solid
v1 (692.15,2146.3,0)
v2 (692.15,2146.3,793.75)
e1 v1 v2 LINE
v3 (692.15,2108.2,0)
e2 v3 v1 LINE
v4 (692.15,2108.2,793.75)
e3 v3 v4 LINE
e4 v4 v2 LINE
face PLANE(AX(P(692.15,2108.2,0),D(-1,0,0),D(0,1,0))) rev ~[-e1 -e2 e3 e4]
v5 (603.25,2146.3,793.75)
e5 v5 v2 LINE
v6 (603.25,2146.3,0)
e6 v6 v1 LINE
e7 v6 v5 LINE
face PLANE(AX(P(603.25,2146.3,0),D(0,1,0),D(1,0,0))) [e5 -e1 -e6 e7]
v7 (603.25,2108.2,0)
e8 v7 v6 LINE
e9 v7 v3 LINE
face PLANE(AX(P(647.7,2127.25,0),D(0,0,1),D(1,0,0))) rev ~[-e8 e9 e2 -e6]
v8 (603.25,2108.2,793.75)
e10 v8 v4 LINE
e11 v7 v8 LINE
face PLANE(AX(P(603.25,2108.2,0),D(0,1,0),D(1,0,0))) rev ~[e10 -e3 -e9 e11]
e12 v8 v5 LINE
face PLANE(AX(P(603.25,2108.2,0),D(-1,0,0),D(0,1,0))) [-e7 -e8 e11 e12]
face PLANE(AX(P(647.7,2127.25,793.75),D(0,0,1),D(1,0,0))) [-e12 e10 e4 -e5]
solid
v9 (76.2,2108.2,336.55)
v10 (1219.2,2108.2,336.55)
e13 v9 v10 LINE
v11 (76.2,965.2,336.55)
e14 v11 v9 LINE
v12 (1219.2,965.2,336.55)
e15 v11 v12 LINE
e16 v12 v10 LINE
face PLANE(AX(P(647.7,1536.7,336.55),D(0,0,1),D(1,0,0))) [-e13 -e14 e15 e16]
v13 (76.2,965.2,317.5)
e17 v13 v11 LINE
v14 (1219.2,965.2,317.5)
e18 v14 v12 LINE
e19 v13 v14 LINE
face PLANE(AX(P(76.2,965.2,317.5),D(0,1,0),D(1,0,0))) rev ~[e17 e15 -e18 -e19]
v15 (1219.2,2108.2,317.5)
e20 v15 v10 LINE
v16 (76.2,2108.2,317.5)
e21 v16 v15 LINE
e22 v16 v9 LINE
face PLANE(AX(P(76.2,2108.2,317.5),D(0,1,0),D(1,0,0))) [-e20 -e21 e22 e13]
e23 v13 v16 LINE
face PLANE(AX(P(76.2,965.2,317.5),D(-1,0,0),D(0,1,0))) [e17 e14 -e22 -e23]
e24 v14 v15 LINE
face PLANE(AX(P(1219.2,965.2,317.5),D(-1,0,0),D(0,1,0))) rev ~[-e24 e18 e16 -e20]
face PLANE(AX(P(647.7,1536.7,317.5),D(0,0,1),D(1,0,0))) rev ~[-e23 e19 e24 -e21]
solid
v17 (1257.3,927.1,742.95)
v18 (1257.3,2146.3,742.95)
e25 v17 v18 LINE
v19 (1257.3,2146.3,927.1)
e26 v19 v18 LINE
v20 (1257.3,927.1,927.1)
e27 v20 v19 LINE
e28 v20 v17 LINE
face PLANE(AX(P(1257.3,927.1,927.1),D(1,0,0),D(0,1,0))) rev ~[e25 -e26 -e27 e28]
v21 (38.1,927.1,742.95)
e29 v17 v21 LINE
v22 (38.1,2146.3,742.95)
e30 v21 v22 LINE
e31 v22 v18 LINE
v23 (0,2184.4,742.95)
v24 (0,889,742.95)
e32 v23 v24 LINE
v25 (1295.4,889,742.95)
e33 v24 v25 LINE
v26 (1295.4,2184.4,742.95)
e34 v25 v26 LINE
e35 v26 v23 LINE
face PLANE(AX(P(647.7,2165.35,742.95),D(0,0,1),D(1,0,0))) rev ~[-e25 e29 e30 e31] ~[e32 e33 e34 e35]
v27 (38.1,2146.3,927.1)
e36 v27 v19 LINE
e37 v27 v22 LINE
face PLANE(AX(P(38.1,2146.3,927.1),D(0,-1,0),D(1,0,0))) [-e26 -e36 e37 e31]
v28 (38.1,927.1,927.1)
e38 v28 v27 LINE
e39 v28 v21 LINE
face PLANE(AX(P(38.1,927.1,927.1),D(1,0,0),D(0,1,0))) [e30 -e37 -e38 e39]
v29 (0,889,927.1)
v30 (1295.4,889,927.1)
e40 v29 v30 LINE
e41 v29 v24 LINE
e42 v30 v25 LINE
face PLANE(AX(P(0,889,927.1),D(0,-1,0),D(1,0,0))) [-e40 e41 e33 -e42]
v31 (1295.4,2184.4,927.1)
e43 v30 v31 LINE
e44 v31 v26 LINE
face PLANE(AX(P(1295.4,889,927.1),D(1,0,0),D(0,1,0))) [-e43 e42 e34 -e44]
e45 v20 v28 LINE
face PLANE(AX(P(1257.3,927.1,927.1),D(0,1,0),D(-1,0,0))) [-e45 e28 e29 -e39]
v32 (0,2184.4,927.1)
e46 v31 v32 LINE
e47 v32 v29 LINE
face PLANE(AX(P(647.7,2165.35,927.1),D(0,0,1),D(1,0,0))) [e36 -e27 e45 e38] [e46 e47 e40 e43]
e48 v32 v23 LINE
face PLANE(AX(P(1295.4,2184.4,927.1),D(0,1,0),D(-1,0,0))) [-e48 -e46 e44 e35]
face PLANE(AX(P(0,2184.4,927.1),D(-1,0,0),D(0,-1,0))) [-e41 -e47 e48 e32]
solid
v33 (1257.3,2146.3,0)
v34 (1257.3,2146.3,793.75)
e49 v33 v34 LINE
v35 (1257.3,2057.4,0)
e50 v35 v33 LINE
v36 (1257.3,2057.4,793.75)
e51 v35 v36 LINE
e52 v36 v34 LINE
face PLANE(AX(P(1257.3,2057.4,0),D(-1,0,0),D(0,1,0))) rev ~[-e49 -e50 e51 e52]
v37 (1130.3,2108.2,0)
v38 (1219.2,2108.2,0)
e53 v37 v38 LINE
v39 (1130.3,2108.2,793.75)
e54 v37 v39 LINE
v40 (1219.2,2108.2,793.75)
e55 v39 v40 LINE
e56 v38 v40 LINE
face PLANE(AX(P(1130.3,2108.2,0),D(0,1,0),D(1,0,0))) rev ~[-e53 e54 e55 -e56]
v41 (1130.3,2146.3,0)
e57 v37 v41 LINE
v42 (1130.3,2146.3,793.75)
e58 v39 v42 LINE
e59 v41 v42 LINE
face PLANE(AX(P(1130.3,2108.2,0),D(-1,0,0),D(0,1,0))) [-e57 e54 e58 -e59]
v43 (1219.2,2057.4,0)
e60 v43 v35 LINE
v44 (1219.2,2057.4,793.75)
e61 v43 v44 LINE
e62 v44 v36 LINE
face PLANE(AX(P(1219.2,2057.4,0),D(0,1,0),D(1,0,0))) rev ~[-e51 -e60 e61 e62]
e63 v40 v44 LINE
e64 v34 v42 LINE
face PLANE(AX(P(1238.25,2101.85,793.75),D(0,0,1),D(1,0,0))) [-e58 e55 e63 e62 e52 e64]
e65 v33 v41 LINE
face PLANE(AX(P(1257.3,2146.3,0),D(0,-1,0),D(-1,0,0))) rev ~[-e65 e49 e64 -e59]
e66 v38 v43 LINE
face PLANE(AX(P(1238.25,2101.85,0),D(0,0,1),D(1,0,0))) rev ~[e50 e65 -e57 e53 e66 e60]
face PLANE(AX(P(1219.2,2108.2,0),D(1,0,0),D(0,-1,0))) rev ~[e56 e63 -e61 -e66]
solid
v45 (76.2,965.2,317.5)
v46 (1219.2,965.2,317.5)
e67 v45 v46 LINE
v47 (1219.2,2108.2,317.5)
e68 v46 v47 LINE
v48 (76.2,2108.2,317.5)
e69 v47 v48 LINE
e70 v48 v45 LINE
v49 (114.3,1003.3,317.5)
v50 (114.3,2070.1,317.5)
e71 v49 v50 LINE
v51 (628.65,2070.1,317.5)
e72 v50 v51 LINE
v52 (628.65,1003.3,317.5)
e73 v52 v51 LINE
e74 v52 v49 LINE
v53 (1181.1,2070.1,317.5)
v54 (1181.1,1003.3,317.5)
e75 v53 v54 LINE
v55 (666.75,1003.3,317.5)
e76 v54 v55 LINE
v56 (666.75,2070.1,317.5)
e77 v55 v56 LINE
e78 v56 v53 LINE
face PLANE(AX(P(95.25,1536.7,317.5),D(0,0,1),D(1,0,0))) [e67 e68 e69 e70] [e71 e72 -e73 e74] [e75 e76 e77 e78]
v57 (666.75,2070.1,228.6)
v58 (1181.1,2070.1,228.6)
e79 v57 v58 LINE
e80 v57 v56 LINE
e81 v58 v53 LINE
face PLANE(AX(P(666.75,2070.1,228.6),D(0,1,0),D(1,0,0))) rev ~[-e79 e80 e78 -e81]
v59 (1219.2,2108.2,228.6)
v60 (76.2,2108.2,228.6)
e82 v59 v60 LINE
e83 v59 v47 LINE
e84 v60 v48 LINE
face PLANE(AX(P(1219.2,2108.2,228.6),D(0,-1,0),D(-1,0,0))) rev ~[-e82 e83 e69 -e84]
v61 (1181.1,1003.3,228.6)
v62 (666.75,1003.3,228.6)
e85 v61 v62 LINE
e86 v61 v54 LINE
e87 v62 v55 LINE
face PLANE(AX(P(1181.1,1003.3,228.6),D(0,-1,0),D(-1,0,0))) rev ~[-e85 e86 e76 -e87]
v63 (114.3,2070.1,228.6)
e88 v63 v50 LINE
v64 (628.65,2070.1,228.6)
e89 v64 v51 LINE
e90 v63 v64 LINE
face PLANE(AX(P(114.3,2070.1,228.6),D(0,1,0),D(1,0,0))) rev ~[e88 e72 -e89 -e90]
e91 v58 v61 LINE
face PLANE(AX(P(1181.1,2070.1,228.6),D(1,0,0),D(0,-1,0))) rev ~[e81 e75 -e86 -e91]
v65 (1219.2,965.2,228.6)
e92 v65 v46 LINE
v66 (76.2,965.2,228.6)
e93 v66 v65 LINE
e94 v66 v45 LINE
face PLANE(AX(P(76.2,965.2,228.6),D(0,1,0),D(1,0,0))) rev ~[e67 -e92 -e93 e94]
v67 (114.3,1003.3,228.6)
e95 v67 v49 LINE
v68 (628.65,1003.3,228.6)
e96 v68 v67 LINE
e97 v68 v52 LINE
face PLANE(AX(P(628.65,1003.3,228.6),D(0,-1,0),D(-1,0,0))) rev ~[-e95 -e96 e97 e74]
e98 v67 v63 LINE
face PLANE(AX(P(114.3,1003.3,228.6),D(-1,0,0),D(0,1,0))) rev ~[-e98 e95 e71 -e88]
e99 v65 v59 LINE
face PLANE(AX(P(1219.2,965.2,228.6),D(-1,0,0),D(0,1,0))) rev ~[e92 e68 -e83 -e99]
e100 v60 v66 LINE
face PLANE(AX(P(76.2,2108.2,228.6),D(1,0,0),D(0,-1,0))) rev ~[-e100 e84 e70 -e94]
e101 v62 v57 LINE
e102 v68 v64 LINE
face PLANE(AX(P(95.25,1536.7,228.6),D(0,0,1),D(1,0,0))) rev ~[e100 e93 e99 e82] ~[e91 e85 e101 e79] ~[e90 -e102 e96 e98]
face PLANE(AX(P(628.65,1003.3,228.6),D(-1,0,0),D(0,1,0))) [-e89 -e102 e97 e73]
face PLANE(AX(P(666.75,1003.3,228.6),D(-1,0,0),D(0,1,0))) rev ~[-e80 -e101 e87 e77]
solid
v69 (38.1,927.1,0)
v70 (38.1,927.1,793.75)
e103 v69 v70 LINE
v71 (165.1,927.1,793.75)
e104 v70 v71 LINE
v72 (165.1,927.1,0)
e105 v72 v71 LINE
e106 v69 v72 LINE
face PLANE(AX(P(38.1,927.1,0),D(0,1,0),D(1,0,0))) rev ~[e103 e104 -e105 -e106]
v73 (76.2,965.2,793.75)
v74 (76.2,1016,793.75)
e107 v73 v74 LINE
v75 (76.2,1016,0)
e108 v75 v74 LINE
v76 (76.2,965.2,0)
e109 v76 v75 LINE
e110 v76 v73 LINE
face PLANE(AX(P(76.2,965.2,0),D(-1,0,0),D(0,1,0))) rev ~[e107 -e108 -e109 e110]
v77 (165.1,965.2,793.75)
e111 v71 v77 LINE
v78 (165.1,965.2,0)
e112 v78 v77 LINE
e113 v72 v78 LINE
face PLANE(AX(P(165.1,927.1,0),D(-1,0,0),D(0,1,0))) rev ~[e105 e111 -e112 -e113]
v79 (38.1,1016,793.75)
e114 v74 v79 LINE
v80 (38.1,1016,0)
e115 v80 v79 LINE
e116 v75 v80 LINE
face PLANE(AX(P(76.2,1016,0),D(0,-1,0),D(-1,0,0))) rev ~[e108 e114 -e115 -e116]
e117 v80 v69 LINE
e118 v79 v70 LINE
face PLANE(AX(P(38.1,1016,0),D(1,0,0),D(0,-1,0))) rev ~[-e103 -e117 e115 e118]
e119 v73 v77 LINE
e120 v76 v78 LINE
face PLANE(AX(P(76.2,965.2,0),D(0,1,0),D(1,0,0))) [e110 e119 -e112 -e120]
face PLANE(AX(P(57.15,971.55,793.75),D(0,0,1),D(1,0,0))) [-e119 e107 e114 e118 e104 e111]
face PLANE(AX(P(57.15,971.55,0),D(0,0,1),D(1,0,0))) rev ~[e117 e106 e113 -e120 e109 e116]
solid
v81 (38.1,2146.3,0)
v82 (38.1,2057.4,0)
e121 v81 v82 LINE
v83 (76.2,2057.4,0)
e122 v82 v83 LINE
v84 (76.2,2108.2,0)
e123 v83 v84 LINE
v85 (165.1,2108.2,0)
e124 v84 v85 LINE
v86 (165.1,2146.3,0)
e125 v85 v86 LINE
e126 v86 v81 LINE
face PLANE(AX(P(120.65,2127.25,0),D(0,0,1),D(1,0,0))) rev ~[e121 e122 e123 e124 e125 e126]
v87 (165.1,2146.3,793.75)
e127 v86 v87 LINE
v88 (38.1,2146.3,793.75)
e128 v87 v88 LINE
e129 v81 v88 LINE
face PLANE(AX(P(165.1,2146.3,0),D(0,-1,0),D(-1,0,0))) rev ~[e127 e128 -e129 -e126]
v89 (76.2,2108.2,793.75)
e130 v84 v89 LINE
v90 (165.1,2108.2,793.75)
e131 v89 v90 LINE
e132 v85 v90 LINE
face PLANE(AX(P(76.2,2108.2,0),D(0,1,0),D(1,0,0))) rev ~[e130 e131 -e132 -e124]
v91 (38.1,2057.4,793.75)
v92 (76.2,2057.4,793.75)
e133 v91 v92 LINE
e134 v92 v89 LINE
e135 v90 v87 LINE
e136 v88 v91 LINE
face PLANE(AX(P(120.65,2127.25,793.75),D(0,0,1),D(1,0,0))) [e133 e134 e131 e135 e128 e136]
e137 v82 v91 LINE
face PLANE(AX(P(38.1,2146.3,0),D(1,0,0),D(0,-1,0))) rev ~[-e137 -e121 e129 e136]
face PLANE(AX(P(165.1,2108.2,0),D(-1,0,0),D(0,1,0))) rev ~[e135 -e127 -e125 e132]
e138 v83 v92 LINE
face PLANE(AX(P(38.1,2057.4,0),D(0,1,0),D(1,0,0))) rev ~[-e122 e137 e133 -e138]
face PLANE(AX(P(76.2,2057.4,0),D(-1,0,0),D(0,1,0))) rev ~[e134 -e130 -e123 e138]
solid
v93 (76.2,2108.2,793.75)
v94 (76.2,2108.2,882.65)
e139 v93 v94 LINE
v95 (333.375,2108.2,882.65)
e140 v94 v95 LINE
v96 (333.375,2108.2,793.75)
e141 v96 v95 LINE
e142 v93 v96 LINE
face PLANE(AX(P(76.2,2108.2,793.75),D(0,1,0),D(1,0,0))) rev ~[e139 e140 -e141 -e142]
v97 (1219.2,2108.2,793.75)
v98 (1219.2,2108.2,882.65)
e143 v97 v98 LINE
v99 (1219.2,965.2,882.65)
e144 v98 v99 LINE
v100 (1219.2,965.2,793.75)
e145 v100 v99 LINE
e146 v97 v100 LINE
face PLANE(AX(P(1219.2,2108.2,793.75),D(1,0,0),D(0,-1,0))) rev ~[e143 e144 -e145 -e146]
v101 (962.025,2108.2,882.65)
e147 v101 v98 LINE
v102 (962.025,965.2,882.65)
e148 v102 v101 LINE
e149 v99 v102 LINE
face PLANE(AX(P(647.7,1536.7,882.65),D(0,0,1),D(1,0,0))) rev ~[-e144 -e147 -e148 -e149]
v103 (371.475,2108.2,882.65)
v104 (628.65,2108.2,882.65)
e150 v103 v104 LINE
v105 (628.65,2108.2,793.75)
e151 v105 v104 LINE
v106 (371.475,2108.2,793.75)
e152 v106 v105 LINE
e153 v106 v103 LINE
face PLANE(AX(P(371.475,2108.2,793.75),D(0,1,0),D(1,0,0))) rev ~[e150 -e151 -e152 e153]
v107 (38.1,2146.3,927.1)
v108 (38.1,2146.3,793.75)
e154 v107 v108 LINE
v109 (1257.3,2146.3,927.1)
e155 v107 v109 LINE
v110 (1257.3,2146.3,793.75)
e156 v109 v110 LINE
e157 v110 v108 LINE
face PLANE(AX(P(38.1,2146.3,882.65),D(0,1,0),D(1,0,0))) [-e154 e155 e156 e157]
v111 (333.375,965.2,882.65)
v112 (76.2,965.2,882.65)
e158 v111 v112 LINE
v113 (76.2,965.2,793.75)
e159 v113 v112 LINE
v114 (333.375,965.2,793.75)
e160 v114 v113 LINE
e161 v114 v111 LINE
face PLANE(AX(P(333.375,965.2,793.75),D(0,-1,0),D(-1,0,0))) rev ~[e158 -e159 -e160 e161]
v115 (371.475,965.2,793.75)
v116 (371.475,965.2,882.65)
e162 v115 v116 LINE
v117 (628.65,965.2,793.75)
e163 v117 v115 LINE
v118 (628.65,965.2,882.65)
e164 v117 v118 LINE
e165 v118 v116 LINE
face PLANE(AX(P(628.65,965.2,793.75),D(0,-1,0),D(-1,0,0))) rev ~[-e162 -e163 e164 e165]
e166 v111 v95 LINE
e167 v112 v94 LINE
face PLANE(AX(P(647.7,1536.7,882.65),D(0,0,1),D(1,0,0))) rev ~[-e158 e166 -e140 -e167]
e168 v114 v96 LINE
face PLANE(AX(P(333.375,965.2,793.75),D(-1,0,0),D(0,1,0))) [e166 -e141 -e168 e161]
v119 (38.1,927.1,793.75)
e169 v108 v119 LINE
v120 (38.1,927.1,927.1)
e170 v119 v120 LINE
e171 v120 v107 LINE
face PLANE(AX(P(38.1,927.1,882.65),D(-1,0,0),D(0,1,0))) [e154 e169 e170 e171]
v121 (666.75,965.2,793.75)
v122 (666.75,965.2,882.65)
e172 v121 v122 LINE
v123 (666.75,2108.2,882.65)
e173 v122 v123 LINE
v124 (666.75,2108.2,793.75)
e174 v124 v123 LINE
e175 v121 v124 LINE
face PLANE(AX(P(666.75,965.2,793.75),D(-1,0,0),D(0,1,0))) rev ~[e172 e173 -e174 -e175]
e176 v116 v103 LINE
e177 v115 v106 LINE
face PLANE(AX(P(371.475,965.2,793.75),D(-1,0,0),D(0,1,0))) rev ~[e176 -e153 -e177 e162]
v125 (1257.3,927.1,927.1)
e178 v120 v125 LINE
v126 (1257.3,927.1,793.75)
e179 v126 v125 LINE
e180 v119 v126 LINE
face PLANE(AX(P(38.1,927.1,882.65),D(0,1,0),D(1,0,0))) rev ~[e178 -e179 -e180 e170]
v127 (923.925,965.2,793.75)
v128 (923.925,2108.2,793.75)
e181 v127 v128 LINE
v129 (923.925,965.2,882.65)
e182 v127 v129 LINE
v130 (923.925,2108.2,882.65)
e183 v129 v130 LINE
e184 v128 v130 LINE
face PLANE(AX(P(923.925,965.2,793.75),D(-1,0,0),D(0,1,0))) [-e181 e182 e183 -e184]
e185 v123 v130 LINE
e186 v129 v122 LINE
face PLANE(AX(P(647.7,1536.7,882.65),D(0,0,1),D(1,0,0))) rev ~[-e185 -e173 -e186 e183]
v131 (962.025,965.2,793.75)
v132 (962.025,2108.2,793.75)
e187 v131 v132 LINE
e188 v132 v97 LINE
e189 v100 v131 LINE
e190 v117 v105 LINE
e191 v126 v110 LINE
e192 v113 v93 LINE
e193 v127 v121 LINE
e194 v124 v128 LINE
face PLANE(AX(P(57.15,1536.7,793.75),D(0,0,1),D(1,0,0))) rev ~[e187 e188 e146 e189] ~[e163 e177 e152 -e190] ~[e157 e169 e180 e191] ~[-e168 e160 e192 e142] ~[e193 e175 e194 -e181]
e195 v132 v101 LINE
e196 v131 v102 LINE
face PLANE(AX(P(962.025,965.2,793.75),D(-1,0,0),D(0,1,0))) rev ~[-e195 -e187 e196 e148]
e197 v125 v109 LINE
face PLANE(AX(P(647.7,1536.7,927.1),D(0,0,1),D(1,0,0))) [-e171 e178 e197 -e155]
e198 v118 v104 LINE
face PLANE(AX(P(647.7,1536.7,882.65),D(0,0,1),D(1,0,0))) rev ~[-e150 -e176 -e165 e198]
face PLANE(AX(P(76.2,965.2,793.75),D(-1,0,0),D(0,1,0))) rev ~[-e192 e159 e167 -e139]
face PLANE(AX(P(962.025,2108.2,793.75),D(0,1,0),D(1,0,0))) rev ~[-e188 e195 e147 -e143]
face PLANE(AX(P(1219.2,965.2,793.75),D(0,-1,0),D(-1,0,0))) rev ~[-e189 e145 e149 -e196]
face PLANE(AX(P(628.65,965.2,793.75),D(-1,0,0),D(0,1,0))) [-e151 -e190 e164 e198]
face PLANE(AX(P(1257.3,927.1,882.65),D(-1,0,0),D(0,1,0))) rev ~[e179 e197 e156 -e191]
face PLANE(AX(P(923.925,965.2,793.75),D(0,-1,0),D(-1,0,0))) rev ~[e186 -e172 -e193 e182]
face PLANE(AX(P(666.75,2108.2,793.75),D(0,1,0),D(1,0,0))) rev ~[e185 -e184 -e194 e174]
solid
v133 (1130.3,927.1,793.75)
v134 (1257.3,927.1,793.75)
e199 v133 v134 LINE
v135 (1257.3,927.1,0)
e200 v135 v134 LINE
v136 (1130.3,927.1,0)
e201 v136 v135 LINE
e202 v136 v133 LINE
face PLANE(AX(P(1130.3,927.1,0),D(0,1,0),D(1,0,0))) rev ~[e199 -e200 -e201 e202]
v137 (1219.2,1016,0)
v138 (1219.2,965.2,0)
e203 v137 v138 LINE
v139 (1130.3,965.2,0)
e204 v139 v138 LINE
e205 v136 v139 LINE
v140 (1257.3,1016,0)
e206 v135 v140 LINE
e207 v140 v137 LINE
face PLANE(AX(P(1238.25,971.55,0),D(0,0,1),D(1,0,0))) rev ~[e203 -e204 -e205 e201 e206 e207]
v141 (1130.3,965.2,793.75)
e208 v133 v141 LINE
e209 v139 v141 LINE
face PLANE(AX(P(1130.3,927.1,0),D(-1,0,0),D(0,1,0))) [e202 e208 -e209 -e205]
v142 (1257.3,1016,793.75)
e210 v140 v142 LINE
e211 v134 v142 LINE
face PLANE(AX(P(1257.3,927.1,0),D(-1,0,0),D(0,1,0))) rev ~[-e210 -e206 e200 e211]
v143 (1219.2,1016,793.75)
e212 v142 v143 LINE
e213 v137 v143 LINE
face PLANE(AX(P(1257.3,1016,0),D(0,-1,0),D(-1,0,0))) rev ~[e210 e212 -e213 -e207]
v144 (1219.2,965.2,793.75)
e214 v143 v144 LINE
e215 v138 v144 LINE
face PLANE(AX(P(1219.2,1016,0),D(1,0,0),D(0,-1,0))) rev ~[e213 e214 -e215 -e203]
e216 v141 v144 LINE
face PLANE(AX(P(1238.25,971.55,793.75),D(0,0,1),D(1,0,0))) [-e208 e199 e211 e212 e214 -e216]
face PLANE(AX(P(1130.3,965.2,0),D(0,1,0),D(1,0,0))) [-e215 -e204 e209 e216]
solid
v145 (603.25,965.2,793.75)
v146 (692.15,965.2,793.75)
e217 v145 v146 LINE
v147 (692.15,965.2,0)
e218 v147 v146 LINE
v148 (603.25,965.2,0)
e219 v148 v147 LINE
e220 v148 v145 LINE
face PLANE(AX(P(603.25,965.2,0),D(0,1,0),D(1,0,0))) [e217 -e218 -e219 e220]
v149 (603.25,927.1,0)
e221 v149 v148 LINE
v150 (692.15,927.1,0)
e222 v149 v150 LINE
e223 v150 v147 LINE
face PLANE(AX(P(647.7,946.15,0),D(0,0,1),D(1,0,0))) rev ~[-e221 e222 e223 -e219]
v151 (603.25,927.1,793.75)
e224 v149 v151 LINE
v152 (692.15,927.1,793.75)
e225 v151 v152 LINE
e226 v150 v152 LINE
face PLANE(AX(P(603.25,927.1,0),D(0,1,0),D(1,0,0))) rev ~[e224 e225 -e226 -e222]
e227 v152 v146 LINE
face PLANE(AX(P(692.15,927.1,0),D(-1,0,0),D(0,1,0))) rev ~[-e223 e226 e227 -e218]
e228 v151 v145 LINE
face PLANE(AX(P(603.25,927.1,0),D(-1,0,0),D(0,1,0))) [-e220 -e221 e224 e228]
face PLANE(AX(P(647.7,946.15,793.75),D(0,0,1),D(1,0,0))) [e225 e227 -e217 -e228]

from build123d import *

# Parameters (mm, degrees)
F2_W      = 88.9
F2_H      = 38.1
F3_DEPTH  = 793.75
F4_W      = 38.1
F4_H      = 1066.8
F5_DEPTH  = 88.9
F6_W      = 1143
F6_H      = 1143
F7_DEPTH  = 19.05
F8_W      = 38.1
F8_H      = 1143
F9_DEPTH  = 88.9
F10_W     = 1219.2
F10_H     = 1219.2
F11_DEPTH = 44.45
F12_W     = 38.1
F12_H     = 1219.2
F13_DEPTH = 184.15


with BuildPart() as f3:
    # F2 (on Top) → F3 (new body)
    with BuildSketch(Plane.XY):
        with Locations((120.65, 2127.25)):
            Rectangle(F2_W, F2_H)
        Polygon((76.2, 2108.2), (76.2, 2146.3), (38.1, 2146.3), (38.1, 2057.4), (76.2, 2057.4), align=None)
        Polygon((1257.3, 2057.4), (1257.3, 2146.3), (1219.2, 2146.3), (1219.2, 2108.2), (1219.2, 2057.4), align=None)
        with Locations((1174.75, 2127.25)):
            Rectangle(F2_W, F2_H)
        Polygon((1219.2, 927.1), (1257.3, 927.1), (1257.3, 1016), (1219.2, 1016), (1219.2, 965.2), align=None)
        with Locations((1174.75, 946.15)):
            Rectangle(F2_W, F2_H)
        Polygon((38.1, 927.1), (76.2, 927.1), (76.2, 965.2), (76.2, 1016), (38.1, 1016), align=None)
        with Locations((120.65, 946.15)):
            Rectangle(F2_W, F2_H)
        with Locations((647.7, 2127.25)):
            Rectangle(F2_W, F2_H)
        with Locations((647.7, 946.15)):
            Rectangle(F2_W, F2_H)
    extrude(amount=F3_DEPTH)


with BuildPart() as f5:
    # F4 (on offset) → F5 (new body)
    with BuildSketch(Plane.XY.offset(228.6)):
        Polygon((114.3, 2070.1), (114.3, 2108.2), (76.2, 2108.2), (76.2, 965.2), (114.3, 965.2), (114.3, 1003.3), align=None)
        Polygon((1181.1, 2108.2), (114.3, 2108.2), (114.3, 2070.1), (628.65, 2070.1), (666.75, 2070.1), (1181.1, 2070.1), align=None)
        Polygon((1219.2, 2108.2), (1181.1, 2108.2), (1181.1, 2070.1), (1181.1, 1003.3), (1181.1, 965.2), (1219.2, 965.2), align=None)
        Polygon((628.65, 1003.3), (114.3, 1003.3), (114.3, 965.2), (1181.1, 965.2), (1181.1, 1003.3), (666.75, 1003.3), align=None)
        with Locations((647.7, 1536.7)):
            Rectangle(F4_W, F4_H)
    extrude(amount=F5_DEPTH)


with BuildPart() as f7:
    # F6 (on face) → F7 (new body)
    with BuildSketch(Plane.XY.offset(317.5)):
        with Locations((647.7, 1536.7)):
            Rectangle(F6_W, F6_H)
    extrude(amount=F7_DEPTH)


with BuildPart() as f9:
    # F8 (on face) → F9 (new body)
    with BuildSketch(Plane.XY.offset(793.75)):
        Polygon((76.2, 2146.3), (38.1, 2146.3), (38.1, 927.1), (76.2, 927.1), (76.2, 965.2), (76.2, 2108.2), align=None)
        Polygon((1219.2, 2146.3), (76.2, 2146.3), (76.2, 2108.2), (333.375, 2108.2), (371.475, 2108.2), (628.65, 2108.2), (666.75, 2108.2), (923.925, 2108.2), (962.025, 2108.2), (1219.2, 2108.2), align=None)
        Polygon((1257.3, 2146.3), (1219.2, 2146.3), (1219.2, 2108.2), (1219.2, 965.2), (1219.2, 927.1), (1257.3, 927.1), align=None)
        Polygon((76.2, 965.2), (76.2, 927.1), (1219.2, 927.1), (1219.2, 965.2), (962.025, 965.2), (923.925, 965.2), (666.75, 965.2), (628.65, 965.2), (371.475, 965.2), (333.375, 965.2), align=None)
        with Locations((352.425, 1536.7)):
            Rectangle(F8_W, F8_H)
        with Locations((647.7, 1536.7)):
            Rectangle(F8_W, F8_H)
        with Locations((942.975, 1536.7)):
            Rectangle(F8_W, F8_H)
    extrude(amount=F9_DEPTH)

    # F10 (on face) → F11 (join)
    with BuildSketch(Plane.XY.offset(882.65)):
        with Locations((647.7, 1536.7)):
            Rectangle(F10_W, F10_H)
    extrude(amount=F11_DEPTH)


with BuildPart() as f13:
    # F12 (on face) → F13 (new body)
    with BuildSketch(Plane.XY.offset(927.1)):
        Polygon((1295.4, 2184.4), (0, 2184.4), (0, 2146.3), (38.1, 2146.3), (1257.3, 2146.3), (1295.4, 2146.3), align=None)
        with Locations((19.05, 1536.7)):
            Rectangle(F12_W, F12_H)
        with Locations((1276.35, 1536.7)):
            Rectangle(F12_W, F12_H)
        Polygon((38.1, 927.1), (0, 927.1), (0, 889), (1295.4, 889), (1295.4, 927.1), (1257.3, 927.1), align=None)
    extrude(amount=-F13_DEPTH)


solid = Compound([f3.part, f5.part, f7.part, f9.part, f13.part])
